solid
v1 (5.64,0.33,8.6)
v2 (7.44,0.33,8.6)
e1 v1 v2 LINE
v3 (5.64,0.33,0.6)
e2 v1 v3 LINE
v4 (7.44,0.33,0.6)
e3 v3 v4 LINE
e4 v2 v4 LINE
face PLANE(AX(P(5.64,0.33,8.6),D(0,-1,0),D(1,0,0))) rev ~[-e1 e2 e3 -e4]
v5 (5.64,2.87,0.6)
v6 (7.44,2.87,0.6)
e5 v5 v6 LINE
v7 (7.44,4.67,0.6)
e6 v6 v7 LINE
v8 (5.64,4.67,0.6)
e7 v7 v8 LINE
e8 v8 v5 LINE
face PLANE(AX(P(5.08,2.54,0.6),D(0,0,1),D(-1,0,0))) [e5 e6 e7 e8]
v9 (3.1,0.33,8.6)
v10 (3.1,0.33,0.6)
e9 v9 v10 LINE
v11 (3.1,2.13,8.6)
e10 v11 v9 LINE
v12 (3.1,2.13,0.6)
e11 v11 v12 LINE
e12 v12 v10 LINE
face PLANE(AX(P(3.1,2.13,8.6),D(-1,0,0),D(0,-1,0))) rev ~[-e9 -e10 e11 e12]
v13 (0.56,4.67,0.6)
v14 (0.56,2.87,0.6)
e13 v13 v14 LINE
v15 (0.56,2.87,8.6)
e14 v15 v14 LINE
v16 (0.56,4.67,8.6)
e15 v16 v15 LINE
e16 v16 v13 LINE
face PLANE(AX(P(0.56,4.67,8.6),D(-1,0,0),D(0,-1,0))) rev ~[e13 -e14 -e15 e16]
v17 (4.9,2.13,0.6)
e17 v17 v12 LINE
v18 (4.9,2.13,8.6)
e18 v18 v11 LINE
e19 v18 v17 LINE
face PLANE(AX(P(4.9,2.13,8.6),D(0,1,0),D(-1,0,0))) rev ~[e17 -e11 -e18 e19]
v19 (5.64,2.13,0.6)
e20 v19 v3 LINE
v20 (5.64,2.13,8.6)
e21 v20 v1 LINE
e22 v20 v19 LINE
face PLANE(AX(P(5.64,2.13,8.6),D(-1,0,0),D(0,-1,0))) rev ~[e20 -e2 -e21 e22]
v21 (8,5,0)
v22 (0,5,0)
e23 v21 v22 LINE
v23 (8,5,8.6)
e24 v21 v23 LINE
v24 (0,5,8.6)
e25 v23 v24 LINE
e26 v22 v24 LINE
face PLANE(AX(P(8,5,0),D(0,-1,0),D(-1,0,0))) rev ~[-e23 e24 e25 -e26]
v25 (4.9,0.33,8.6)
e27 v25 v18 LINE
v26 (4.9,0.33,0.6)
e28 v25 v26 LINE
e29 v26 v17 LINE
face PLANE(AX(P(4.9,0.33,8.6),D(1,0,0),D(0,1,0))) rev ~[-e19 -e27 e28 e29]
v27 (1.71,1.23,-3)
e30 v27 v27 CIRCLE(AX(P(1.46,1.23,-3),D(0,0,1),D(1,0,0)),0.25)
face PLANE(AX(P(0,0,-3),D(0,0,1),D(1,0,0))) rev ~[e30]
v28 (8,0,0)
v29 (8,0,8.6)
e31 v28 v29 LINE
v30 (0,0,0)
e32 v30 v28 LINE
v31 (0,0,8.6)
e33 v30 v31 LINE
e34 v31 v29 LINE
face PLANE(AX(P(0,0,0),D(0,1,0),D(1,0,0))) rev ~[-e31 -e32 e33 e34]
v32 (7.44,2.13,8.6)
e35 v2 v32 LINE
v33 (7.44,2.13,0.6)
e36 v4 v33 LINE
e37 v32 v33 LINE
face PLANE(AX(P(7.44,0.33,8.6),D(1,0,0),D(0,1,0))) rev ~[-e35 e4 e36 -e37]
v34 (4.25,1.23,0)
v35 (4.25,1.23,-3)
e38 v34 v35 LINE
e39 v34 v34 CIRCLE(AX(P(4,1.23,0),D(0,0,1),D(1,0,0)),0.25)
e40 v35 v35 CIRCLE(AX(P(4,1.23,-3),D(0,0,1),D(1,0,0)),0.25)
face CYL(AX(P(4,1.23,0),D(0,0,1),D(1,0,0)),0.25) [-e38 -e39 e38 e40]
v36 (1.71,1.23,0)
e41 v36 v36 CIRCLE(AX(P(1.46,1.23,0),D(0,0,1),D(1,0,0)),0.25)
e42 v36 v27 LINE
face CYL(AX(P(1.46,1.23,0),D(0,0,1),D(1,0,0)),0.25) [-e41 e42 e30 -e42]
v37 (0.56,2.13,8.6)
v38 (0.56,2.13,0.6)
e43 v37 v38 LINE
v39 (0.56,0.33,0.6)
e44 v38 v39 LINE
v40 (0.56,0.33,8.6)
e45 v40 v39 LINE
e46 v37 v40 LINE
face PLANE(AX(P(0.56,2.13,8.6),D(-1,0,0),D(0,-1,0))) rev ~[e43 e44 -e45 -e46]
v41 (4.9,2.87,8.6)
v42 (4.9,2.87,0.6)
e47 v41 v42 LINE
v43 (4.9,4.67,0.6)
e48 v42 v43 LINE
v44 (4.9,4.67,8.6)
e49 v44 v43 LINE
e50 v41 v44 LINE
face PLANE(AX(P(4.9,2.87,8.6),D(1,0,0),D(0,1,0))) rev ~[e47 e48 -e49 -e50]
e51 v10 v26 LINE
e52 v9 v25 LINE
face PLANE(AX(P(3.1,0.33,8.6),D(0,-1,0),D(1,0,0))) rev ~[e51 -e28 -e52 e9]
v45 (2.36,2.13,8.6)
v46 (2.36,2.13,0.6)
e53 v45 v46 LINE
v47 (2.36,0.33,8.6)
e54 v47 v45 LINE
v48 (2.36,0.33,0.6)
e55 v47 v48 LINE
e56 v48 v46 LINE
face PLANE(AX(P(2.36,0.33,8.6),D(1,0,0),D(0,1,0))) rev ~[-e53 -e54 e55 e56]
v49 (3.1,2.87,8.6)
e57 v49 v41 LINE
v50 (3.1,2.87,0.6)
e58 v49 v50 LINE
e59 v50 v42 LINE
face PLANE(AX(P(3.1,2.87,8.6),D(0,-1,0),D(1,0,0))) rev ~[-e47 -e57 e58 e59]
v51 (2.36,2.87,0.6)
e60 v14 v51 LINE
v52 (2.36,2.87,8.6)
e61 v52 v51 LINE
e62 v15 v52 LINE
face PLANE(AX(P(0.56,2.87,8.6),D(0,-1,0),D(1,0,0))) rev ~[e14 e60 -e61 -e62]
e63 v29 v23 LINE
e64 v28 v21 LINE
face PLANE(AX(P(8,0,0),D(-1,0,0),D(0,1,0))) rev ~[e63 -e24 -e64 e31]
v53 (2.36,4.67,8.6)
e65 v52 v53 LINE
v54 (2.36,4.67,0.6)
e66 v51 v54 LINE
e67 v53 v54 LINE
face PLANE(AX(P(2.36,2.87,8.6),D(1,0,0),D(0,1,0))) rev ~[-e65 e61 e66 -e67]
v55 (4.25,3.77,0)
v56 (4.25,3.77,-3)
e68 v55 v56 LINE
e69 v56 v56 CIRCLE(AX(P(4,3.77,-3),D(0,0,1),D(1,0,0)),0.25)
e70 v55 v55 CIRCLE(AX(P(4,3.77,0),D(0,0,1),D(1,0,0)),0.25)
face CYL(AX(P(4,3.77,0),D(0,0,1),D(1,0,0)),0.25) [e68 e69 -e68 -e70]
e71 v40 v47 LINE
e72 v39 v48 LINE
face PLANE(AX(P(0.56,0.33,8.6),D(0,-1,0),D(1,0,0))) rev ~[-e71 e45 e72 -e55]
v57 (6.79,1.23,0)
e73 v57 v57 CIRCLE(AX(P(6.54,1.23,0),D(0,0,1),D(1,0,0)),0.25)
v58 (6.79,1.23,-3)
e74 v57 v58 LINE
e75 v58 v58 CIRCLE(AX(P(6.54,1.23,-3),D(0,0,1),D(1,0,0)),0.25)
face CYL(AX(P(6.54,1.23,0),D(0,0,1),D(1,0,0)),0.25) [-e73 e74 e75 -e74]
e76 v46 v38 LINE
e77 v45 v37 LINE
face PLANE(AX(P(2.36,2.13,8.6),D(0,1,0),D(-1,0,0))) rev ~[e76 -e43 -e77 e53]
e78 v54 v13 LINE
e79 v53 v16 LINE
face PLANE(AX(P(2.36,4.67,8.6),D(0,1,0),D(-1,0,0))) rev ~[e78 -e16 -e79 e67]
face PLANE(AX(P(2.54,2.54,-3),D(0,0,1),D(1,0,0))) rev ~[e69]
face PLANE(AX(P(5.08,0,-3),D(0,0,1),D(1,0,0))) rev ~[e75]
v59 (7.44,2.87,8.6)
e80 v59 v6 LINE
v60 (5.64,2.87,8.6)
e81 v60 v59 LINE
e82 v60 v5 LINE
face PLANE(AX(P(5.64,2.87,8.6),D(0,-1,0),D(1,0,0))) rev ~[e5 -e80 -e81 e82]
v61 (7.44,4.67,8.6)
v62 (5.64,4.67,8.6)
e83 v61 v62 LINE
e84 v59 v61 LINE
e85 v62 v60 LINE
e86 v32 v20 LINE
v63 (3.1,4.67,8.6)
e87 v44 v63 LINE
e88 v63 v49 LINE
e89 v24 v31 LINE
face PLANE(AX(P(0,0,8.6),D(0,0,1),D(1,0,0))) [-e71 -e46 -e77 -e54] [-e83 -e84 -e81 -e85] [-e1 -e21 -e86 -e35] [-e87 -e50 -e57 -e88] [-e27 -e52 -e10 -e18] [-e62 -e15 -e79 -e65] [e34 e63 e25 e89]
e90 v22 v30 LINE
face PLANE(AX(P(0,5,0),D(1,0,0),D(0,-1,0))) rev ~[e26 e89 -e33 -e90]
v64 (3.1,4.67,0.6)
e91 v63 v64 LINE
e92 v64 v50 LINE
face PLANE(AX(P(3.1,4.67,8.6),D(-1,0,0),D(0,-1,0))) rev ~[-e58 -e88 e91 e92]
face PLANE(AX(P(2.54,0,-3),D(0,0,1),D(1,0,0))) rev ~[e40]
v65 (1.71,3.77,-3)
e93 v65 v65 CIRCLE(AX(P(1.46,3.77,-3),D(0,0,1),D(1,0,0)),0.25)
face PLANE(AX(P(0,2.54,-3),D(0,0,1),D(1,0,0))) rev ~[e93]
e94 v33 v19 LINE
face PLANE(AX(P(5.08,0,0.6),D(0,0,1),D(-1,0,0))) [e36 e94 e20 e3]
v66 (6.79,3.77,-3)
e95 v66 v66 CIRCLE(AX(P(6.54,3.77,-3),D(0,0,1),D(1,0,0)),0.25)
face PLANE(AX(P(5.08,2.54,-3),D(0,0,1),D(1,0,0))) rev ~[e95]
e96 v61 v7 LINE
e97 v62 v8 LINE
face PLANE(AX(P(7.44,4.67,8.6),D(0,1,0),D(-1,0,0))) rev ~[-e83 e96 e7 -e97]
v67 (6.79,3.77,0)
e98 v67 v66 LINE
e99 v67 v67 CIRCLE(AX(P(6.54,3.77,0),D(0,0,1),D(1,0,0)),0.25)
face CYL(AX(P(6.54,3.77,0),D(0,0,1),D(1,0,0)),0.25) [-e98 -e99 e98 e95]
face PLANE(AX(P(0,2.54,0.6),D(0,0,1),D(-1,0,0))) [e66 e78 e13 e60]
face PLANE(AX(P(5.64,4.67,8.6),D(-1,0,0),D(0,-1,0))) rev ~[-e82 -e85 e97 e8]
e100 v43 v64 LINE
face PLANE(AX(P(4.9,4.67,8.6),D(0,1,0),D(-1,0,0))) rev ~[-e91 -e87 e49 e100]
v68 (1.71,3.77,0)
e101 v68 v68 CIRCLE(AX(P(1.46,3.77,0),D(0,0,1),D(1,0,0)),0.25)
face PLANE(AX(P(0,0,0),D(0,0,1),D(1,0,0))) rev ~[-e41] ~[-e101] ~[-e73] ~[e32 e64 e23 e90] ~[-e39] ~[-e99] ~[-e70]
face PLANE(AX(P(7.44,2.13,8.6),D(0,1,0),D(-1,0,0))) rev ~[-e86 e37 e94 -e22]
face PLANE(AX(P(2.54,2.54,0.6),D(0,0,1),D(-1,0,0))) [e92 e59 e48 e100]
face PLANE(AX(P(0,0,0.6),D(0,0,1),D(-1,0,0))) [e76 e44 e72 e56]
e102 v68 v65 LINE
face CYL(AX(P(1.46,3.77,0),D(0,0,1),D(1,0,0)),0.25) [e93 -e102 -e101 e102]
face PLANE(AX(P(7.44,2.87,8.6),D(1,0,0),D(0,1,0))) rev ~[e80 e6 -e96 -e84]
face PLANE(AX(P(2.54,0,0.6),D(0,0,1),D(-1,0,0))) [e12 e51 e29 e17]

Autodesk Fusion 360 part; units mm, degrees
sketch "スケッチ1" plane through (0, 0, 0) normal (0, 0, 1) x (1, 0, 0)
  line L0 (0, 0) -> (8, 0)
  line L1 (8, 0) -> (8, 5)
  line L2 (8, 5) -> (0, 5)
  line L3 (0, 5) -> (0, 0)
  circle A0 centre (1.46, 1.23) radius 0.25
  dimension "d1" = 8
  dimension "d2" = 5
  dimension "d15" = 0.5
  dimension "d16" = 1.23
  dimension "d17" = 1.46
extrude "押し出し1" add sketch "スケッチ1" along normal blind 8.6 contours L0 L1 L2 L3 | A0
sketch "スケッチ2" plane through (0, 0, 8.6) normal (0, 0, 1) x (-1, 0, 0)
  line L0 (0, -5) -> (0, 0)
  line L1 (0, 0) -> (-8, 0)
  line L2 (-8, 0) -> (-8, -5)
  line L3 (-8, -5) -> (0, -5)
  line L4 (-0.56, -0.33) -> (-2.36, -0.33)
  line L5 (-2.36, -0.33) -> (-2.36, -2.13)
  line L6 (-2.36, -2.13) -> (-0.56, -2.13)
  line L7 (-0.56, -2.13) -> (-0.56, -0.33)
  dimension "d5" = 1.8
  dimension "d6" = 1.8
  dimension "d7" = 0.33
  dimension "d8" = 0.56
extrude "押し出し2" cut sketch "スケッチ2" against normal blind 8 contours L4 L5 L6 L7
pattern_linear "R パターン1" count 3 spacing 2.54 along (1, 0, 0) count 2 spacing 2.54 along (0, 1, 0) of "押し出し2"
extrude "押し出し3" add sketch "スケッチ1" against normal blind 3 contours A0
pattern_linear "R パターン2" count 3 spacing 2.54 along (1, 0, 0) count 2 spacing 2.54 along (0, 1, 0) of "押し出し3"
